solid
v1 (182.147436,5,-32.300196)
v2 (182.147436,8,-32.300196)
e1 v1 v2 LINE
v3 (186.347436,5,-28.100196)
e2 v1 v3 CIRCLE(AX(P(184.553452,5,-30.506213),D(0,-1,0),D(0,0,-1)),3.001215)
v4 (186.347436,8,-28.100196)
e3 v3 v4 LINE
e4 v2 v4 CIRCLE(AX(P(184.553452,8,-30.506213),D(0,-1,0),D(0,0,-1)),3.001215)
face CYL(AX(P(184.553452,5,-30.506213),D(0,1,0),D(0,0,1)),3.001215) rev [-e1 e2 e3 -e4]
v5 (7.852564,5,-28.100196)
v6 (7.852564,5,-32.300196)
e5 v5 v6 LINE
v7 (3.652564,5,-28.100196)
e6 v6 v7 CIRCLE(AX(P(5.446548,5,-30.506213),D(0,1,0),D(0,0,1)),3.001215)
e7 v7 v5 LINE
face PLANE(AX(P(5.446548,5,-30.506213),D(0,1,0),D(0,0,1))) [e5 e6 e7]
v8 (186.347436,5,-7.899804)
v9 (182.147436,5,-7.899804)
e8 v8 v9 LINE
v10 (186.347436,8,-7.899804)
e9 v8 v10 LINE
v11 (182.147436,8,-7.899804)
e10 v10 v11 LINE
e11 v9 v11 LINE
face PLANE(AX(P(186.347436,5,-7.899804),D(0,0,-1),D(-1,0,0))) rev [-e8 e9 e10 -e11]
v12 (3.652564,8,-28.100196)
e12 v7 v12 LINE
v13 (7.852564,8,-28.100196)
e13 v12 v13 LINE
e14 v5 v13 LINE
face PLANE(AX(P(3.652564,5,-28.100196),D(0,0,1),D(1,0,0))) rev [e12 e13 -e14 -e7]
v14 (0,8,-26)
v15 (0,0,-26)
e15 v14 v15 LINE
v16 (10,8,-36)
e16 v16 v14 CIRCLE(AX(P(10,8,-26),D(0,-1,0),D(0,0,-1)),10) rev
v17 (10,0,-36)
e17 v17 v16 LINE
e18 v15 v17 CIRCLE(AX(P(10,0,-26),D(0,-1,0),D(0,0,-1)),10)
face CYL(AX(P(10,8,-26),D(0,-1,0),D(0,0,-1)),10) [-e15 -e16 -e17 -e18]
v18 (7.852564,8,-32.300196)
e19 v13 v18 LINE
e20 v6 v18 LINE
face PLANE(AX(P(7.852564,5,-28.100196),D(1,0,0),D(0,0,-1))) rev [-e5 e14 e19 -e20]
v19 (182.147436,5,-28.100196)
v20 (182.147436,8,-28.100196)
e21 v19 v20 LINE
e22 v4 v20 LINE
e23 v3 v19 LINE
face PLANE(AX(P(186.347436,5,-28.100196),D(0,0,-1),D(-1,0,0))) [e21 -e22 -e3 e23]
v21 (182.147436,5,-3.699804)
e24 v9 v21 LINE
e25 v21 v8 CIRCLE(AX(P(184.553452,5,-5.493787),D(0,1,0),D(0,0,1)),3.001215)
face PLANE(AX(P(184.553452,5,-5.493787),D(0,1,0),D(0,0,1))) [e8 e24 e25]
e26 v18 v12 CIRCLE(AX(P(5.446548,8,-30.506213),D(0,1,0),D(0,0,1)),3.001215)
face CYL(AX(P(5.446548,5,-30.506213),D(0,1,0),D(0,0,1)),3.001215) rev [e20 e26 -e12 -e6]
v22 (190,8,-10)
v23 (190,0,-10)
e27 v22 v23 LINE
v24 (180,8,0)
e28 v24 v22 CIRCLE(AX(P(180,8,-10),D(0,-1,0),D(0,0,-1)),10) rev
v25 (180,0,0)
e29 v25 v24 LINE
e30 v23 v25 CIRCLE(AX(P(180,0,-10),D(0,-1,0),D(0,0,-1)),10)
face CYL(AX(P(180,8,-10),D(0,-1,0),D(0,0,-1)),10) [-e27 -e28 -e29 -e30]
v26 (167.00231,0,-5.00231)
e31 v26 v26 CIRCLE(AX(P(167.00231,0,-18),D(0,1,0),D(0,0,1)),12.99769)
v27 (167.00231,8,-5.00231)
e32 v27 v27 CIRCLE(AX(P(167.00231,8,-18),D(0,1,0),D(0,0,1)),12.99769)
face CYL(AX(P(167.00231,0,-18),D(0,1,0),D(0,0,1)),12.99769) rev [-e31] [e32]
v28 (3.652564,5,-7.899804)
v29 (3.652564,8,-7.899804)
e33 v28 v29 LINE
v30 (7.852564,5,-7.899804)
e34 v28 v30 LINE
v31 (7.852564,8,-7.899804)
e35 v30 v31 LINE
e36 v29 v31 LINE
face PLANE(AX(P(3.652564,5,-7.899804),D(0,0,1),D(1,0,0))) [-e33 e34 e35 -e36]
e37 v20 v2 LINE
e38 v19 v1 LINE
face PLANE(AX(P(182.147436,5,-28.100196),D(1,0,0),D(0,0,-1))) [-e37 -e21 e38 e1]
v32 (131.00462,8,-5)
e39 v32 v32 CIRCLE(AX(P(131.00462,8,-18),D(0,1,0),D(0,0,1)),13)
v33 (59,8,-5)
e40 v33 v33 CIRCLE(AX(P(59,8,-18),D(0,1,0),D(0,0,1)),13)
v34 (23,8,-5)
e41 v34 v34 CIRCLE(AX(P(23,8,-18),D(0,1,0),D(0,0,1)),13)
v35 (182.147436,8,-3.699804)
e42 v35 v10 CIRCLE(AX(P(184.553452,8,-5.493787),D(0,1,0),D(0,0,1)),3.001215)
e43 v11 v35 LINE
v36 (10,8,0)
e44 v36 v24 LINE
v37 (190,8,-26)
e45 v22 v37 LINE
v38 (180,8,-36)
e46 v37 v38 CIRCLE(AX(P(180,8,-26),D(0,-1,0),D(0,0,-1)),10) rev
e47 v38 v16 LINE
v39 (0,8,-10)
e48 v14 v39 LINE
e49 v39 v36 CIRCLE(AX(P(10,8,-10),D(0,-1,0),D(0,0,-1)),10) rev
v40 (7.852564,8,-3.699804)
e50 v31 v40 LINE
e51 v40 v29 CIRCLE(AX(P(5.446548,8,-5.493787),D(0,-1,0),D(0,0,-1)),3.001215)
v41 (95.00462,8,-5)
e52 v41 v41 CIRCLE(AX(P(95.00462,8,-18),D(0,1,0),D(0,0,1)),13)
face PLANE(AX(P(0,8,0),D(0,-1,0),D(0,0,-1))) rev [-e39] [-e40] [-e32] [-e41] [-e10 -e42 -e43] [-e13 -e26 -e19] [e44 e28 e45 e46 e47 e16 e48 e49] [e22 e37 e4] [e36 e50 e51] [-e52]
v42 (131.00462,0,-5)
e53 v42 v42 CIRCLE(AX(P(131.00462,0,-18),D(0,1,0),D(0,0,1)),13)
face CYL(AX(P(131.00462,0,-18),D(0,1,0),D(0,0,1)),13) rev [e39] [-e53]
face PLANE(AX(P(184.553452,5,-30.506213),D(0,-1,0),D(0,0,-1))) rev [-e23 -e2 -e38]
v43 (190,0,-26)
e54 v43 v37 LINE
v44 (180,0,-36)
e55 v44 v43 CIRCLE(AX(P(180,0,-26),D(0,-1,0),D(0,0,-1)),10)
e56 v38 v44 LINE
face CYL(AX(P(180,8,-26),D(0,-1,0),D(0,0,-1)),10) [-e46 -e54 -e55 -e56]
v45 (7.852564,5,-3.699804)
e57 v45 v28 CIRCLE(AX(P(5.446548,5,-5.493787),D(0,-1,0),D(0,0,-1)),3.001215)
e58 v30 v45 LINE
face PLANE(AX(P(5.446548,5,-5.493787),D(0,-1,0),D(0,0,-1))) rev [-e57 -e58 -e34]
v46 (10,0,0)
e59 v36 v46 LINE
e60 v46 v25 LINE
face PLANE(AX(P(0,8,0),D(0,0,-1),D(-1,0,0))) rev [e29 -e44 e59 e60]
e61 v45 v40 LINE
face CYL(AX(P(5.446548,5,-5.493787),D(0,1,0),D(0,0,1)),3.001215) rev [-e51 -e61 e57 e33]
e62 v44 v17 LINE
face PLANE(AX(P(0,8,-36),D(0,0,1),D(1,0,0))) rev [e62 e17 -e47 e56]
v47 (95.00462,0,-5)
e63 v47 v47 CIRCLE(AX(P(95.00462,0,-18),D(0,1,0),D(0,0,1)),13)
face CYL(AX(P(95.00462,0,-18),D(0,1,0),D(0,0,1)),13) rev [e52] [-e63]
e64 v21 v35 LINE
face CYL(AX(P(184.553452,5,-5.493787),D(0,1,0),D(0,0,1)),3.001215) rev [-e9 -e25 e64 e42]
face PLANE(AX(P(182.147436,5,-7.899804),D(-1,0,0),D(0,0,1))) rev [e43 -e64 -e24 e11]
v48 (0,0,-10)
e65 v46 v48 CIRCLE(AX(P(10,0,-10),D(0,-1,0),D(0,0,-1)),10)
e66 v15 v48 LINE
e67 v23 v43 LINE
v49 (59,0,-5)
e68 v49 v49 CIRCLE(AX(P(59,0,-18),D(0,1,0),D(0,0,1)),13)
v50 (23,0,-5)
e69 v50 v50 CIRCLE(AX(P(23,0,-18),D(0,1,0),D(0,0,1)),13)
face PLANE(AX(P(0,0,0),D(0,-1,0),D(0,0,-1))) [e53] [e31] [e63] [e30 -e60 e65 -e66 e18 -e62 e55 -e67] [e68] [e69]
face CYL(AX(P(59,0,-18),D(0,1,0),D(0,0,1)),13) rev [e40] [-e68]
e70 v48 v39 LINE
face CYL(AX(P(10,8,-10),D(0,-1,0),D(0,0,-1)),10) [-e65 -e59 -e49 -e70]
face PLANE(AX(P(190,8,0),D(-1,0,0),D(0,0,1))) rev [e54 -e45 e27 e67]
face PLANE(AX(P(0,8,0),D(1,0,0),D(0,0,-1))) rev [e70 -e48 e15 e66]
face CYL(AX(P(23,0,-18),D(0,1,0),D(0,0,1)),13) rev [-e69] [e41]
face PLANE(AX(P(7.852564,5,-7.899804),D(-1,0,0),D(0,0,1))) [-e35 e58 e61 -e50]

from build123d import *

# Parameters (mm, degrees)
SKETCH5_W           = 190
SKETCH5_H           = 36
BOSS_EXTRUDE1_DEPTH = 8
SKETCH6_R           = 13
SKETCH6_R_2         = 12.99768992
CUT_EXTRUDE1_DEPTH  = 8
FILLET2_R           = 10
CUT_EXTRUDE2_DEPTH  = 3


with BuildPart() as part:
    # Sketch5 → Boss-Extrude1 (new body)
    with BuildSketch(Plane(origin=(0, 0, 0), x_dir=(1, 0, 0), z_dir=(0, 1, 0))):
        with Locations((95, 18)):
            Rectangle(SKETCH5_W, SKETCH5_H)
    extrude(amount=BOSS_EXTRUDE1_DEPTH)

    # Sketch6 → Cut-Extrude1 (cut)
    with BuildSketch(Plane(origin=(0, 8, 0), x_dir=(1, 0, 0), z_dir=(0, 1, 0))):
        with Locations(Location((23, 18, 0), (0, 0, 270))):
            Circle(SKETCH6_R)
        with Locations(Location((59, 18, 0), (0, 0, 270))):
            Circle(SKETCH6_R)
        with Locations(Location((95.004620161, 18, 0), (0, 0, 270))):
            Circle(SKETCH6_R)
        with Locations(Location((131.004620161, 18, 0), (0, 0, 270))):
            Circle(SKETCH6_R)
        with Locations(Location((167.00231008, 18, 0), (0, 0, 270))):
            Circle(SKETCH6_R_2)
    extrude(amount=-CUT_EXTRUDE1_DEPTH, mode=Mode.SUBTRACT)

    # Fillet2
    fillet2_edges = [part.edges().sort_by_distance(p)[0] for p in [
        (0, 4, -36),
        (190, 4, -36),
        (190, 4, 0),
        (0, 4, 0),
    ]]
    fillet(fillet2_edges, radius=FILLET2_R)

    # Sketch7 → Cut-Extrude2 (cut)
    with BuildSketch(Plane(origin=(0, 8, 0), x_dir=(1, 0, 0), z_dir=(0, 1, 0))):
        with BuildLine():
            Line((3.652564445, 28.100196169), (7.852564445, 28.100196169))
            Line((7.852564445, 28.100196169), (7.852564445, 32.300196169))
            ThreePointArc((7.852564445, 32.300196169), (3.324368465, 32.628392149), (3.652564445, 28.100196169))
        make_face()
        with BuildLine():
            Line((3.652564445, 7.899803831), (7.852564445, 7.899803831))
            Line((7.852564445, 7.899803831), (7.852564445, 3.699803831))
            ThreePointArc((7.852564445, 3.699803831), (3.324368465, 3.371607851), (3.652564445, 7.899803831))
        make_face()
        with BuildLine():
            Line((186.347435555, 28.100196169), (182.147435555, 28.100196169))
            Line((182.147435555, 28.100196169), (182.147435555, 32.300196169))
            ThreePointArc((182.147435555, 32.300196169), (186.675631535, 32.628392149), (186.347435555, 28.100196169))
        make_face()
        with BuildLine():
            Line((182.147435555, 7.899803831), (182.147435555, 3.699803831))
            ThreePointArc((182.147435555, 3.699803831), (186.675631535, 3.371607851), (186.347435555, 7.899803831))
            Line((186.347435555, 7.899803831), (182.147435555, 7.899803831))
        make_face()
    extrude(amount=-CUT_EXTRUDE2_DEPTH, mode=Mode.SUBTRACT)


solid = part.part
